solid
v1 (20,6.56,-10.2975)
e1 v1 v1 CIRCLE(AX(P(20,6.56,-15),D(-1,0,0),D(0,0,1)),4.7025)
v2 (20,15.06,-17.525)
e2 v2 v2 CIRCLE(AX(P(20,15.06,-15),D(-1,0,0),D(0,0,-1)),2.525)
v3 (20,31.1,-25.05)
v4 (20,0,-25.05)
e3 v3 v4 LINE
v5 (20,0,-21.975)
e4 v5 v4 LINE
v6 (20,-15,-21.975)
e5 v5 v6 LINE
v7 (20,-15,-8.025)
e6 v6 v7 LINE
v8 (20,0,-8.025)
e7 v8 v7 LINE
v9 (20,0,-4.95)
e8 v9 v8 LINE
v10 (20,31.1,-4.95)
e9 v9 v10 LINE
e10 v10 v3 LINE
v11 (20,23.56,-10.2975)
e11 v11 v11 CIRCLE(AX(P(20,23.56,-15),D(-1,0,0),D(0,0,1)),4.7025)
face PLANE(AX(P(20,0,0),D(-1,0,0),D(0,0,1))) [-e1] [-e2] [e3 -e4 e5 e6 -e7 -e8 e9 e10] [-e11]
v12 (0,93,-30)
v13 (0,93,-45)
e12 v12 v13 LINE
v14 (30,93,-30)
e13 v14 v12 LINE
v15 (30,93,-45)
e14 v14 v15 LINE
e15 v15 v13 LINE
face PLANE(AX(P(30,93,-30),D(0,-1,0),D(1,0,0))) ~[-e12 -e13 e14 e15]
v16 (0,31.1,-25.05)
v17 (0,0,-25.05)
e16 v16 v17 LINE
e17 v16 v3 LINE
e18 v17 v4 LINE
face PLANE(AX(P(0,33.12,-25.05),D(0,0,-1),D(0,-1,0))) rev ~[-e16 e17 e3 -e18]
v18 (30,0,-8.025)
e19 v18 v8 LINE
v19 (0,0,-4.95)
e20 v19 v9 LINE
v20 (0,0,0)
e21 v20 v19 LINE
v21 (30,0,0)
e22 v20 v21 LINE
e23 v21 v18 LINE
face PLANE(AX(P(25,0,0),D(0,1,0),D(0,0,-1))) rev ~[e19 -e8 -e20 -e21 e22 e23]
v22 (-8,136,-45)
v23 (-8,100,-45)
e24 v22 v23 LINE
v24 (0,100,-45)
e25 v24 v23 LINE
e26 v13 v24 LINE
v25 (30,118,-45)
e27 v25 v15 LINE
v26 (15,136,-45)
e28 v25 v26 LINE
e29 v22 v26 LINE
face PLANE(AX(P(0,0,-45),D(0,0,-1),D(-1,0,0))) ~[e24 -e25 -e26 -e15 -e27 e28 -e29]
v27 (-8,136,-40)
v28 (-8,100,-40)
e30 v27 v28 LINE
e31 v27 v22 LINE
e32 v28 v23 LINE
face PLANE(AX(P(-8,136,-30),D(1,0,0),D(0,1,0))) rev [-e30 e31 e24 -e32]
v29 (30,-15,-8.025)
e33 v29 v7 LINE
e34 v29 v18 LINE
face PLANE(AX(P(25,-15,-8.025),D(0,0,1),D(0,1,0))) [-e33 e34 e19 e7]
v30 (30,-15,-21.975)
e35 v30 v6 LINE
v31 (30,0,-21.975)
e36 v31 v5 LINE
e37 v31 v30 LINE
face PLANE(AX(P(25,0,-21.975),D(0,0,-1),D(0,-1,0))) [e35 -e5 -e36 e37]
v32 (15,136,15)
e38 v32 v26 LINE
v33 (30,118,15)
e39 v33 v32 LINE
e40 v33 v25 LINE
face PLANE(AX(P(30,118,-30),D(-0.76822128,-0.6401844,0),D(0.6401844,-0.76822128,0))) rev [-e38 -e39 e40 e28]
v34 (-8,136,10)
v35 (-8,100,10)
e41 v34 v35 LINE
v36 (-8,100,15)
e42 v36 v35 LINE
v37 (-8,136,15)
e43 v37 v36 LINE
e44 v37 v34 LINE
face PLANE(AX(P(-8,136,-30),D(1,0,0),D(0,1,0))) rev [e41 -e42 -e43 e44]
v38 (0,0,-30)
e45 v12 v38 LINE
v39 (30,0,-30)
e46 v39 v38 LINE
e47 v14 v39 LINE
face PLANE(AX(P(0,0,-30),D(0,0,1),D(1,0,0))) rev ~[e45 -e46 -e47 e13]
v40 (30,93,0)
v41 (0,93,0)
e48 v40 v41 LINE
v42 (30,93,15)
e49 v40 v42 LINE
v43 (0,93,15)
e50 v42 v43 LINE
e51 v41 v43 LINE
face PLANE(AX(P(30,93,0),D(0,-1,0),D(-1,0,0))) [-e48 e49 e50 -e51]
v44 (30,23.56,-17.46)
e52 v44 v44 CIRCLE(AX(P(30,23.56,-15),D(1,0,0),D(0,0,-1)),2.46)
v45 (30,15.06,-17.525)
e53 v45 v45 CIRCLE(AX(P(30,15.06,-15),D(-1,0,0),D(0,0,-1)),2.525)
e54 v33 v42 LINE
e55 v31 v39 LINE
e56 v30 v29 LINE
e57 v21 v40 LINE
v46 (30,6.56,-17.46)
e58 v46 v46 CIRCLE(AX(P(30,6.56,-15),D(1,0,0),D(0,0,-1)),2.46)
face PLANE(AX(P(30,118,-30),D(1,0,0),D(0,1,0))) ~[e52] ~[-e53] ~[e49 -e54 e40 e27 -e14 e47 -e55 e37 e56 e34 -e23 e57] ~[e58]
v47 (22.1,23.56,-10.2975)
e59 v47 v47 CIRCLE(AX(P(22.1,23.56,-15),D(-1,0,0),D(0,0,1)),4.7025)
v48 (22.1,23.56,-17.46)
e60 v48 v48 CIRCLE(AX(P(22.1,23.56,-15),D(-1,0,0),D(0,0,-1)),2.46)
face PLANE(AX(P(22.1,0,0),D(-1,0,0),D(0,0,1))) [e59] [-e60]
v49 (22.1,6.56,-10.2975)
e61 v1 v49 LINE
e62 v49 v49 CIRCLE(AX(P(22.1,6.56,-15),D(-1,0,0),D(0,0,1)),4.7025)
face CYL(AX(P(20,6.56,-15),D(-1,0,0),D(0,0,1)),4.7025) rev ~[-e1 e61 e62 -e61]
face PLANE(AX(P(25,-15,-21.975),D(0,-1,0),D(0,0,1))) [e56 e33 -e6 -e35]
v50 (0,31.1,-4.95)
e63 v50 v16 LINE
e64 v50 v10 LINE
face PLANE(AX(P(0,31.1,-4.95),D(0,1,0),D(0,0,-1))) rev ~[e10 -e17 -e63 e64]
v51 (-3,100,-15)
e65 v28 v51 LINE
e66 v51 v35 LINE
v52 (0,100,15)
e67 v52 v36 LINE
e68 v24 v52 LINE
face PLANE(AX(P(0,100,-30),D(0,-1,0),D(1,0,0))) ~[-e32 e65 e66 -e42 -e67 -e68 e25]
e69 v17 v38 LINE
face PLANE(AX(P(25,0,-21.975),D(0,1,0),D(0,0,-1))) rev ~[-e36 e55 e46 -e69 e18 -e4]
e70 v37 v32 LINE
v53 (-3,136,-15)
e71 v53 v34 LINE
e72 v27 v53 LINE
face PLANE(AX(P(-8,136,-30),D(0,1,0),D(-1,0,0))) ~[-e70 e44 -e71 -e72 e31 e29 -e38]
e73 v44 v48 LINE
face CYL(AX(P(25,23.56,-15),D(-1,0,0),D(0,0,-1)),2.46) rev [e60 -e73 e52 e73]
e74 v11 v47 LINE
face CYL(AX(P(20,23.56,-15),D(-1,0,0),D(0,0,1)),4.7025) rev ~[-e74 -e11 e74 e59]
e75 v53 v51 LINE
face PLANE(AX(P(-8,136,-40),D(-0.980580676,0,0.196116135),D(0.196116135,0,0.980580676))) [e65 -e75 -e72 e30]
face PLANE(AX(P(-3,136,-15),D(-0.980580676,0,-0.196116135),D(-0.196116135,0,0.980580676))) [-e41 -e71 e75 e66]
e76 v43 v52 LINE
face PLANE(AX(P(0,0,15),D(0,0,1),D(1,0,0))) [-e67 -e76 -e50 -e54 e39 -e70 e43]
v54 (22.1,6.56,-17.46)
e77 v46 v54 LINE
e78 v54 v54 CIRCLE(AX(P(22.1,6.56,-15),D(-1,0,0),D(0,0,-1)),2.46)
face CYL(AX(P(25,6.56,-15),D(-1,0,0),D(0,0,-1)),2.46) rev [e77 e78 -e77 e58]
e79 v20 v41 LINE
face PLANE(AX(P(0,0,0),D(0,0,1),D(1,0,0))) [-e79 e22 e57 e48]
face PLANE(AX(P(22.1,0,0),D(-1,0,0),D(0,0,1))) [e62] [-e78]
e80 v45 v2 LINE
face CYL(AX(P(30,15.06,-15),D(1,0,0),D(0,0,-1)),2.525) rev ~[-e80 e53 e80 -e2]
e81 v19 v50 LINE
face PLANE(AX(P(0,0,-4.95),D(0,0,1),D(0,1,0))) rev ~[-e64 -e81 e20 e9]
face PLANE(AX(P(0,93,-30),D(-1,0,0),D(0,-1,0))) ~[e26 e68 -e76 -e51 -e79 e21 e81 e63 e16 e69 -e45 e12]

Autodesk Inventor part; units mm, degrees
ref_plane "YZ Plane" through (0, 0, 0) normal (1, 0, 0) x (0, 1, 0)
ref_plane "XZ Plane" through (0, 0, 0) normal (0, 1, 0) x (-1, 0, 0)
sketch "Sketch1" plane through (0, 0, 0) normal (0, 0, 1) x (1, 0, 0)
  line L0 (0, 0) -> (25, 0)
  line L1 (25, 0) -> (25, 40)
  line L2 (25, 40) -> (0, 40)
  line L3 (0, 40) -> (0, 0)
  dimension "d1" = 25
  dimension "d2" = 40
  dimension "d3" = 25
extrude "Extrusion1" add sketch "Sketch1" against normal blind 30
sketch "Sketch2" plane through (25, 0, 0) normal (1, 0, 0) x (0, 0, -1)
  line L0 (0, 0) -> (30, 0) projected
  circle A0 centre (15, 6.56) radius 2.46
extrude "Extrusion2" cut sketch "Sketch2" against normal blind 30
sketch "Sketch3" plane through (0, 0, 0) normal (-1, 0, 0) x (0, 0, 1)
  line L0 (0, 0) -> (-30, 0) projected
  line L1 (-25.05, 0) -> (-4.95, 0)
  line L2 (-4.95, 0) -> (-4.95, 33.12)
  line L3 (-4.95, 33.12) -> (-25.05, 33.12)
  line L4 (-25.05, 33.12) -> (-25.05, 0)
  dimension "d11" = 20.1
extrude "Extrusion3" cut sketch "Sketch3" against normal blind 20
sketch "Sketch4" plane through (0, 0, 0) normal (0, -1, 0) x (1, 0, 0)
  line L0 (20, -4.95) -> (20, -25.05) projected
  line L1 (20, -15) -> (25, -15)
  line L2 (25, 0) -> (25, -30) projected
  line L3 (20, -8.025) -> (25, -8.025)
  line L4 (25, -8.025) -> (25, -21.975)
  line L5 (25, -21.975) -> (20, -21.975)
  line L6 (20, -21.975) -> (20, -8.025)
  line L7 (20, -8.025) -> (25, -21.975) construction
  line L8 (25, -8.025) -> (20, -21.975) construction
  line L9 (25, -12.54) -> (25, -17.46) projected
  point P0 (0, 0)
  point P1 (22.5, -15)
  dimension "d14" = 13.95
extrude "Extrusion4" add sketch "Sketch4" along normal blind 15
sketch "Sketch5" plane through (20, 0, 0) normal (-1, 0, 0) x (0, 0, 1)
  circle A0 centre (-15, 6.56) radius 2.46 projected
  circle A1 centre (-15, 6.56) radius 4.7025
  circle A2 centre (-15, 6.56) radius 2.46 projected
  circle A3 centre (-15, 6.56) radius 2.46
  point P0 (0, 0)
  dimension "d17" = 9.405
extrude "Extrusion5" cut sketch "Sketch5" against normal blind 2.1
sketch "Sketch6" plane through (25, 0, 0) normal (1, 0, 0) x (0, 0, -1)
  circle A0 centre (15, 6.56) radius 4.7025 projected
  line L0 (15, 6.56) -> (15, 23.56)
  circle A1 centre (15, 23.56) radius 2.46
  point P0 (0, 0)
  dimension "d20" = 17
  dimension "d21" = 4.92
extrude "Extrusion6" cut sketch "Sketch6" against normal blind 10 contours A1
sketch "Sketch7" plane through (20, 0, 0) normal (-1, 0, 0) x (0, 0, 1)
  circle A0 centre (-15, 23.56) radius 2.46 projected
  circle A1 centre (-15, 23.56) radius 4.7025
  point P0 (0, 0)
  dimension "d24" = 9.405
extrude "Extrusion7" cut sketch "Sketch7" against normal blind 2.1
sketch "Sketch9" plane through (25, 0, 0) normal (1, 0, 0) x (0, 0, -1)
  circle A0 centre (15, 6.56) radius 2.46 projected
  circle A1 centre (15, 6.56) radius 2.46
  circle A2 centre (15, 23.56) radius 2.46 projected
  circle A3 centre (15, 23.56) radius 2.46
  line L0 (30, 40) -> (30, 0) projected
  line L1 (30, 0) -> (30, 40)
  line L2 (30, 40) -> (0, 40)
  line L3 (0, 40) -> (0, 0)
  line L4 (0, 0) -> (8.025, 0) projected
  line L5 (21.975, 0) -> (21.975, -15)
  line L6 (21.975, -15) -> (8.025, -15)
  line L7 (8.025, -15) -> (8.025, 0)
  line L8 (0, 0) -> (8.025, 0)
  line L9 (21.975, 0) -> (30, 0)
extrude "Extrusion8" add sketch "Sketch9" along normal blind 5
sketch "Sketch10" plane through (0, 40, 0) normal (0, 1, 0) x (1, 0, 0)
  line L0 (0, 30) -> (30, 30) projected
  line L1 (30, 0) -> (0, 0) projected
  line L2 (0, 30) -> (30, 30)
  line L3 (30, 30) -> (30, 0)
  line L4 (30, 0) -> (0, 0)
  line L5 (0, 0) -> (0, 30)
extrude "Extrusion9" add sketch "Sketch10" along normal blind 30
sketch "Sketch12" plane through (30, 0, 0) normal (1, 0, 0) x (0, 0, -1)
  circle A0 centre (15, 6.56) radius 2.46 projected
  line L0 (15, 6.56) -> (15, 15.06)
  circle A1 centre (15, 15.06) radius 2.525
  point P0 (0, 0)
  dimension "d31" = 8.5
  dimension "d33" = 5.05
extrude "Extrusion10" cut sketch "Sketch12" against normal blind 30 contours A1
sketch "Sketch14" plane through (0, 0, 0) normal (0, 0, 1) x (1, 0, 0)
  line L0 (30, 70) -> (0, 70) projected
  line L1 (0, 100) -> (-8, 100)
  line L2 (30, 0) -> (30, 70) projected
  line L3 (30, 118) -> (30, 70)
  line L4 (30, 105) -> (30, 100)
  line L5 (0, 70) -> (30, 70) projected
  line L6 (0, 70) -> (0, 100)
  line L7 (15, 136) -> (30, 118)
  line L8 (-8, 136) -> (15, 136)
  line L9 (-8, 100) -> (-8, 136)
  point P0 (0, 0)
  dimension "d47" = 30
extrude "Extrusion12" add sketch "Sketch14" against normal blind 30
sketch "Sketch15" plane through (0, 0, -25.05) normal (-1, 0, 0) x (0, 0, 1)
  line L0 (0, 33.12) -> (20.1, 33.12) projected
  line L1 (20.1, 33.12) -> (20.1, 0) projected
  line L2 (0, 33.12) -> (20.1, 33.12)
  line L3 (20.1, 33.12) -> (20.1, 31.1)
  line L4 (20.1, 31.1) -> (0, 31.1)
  line L5 (0, 31.1) -> (0, 33.12)
  point P0 (25.05, 0)
  dimension "d57" = 2.02
extrude "Extrusion13" add sketch "Sketch15" against normal blind 20
sketch "Sketch23" plane through (0, 0, 0) normal (0, 0, 1) x (1, 0, 0)
  line L0 (0, 100) -> (-8, 100) projected
  line L1 (-8, 136) -> (15, 136) projected
  line L2 (-8, 136) -> (15, 136)
  line L3 (30, 118) -> (15, 136) projected
  line L4 (15, 136) -> (30, 118)
  line L5 (30, 118) -> (30, 93)
  line L6 (30, 0) -> (30, 118) projected
  line L7 (30, 93) -> (0, 93)
  line L8 (0, 93) -> (0, 100)
  line L9 (-8, 100) -> (0, 100)
  line L10 (15, 136) -> (-8, 136) projected
  line L11 (-8, 136) -> (-8, 100)
  point P0 (0, 0)
  point P1 (-2, 102)
  point P2 (4, 118)
  point P3 (-2, 134)
  dimension "d85" = 25
extrude "Extrusion14" add sketch "Sketch23" along normal blind 15
ref_plane "Work Plane1" through (0, 0, -15) normal (0, 0, 1) x (1, 0, 0)
mirror "Mirror1" about plane through (0, 0, -15) normal (0, 0, 1) of "Extrusion14"
sketch "Sketch28" plane through (-8, 136, 15) normal (0, 1, 0) x (1, 0, 0)
  line L0 (0, 60) -> (0, 0) projected
  line L1 (0, 30) -> (0, 5)
  line L2 (0, 5) -> (5, 5)
  line L3 (5, 5) -> (5, 55)
  line L4 (5, 55) -> (0, 55)
  line L5 (0, 55) -> (0, 30)
  line L6 (0, 55) -> (5, 30)
  line L7 (5, 30) -> (0, 5)
  point P0 (8, 15)
  dimension "d100" = 25
  dimension "d101" = 5
  dimension "d102" = 50
extrude "Extrusion17" cut sketch "Sketch28" against normal through all contours L6 L7 L0
properties part number "orien_b_45mm"
